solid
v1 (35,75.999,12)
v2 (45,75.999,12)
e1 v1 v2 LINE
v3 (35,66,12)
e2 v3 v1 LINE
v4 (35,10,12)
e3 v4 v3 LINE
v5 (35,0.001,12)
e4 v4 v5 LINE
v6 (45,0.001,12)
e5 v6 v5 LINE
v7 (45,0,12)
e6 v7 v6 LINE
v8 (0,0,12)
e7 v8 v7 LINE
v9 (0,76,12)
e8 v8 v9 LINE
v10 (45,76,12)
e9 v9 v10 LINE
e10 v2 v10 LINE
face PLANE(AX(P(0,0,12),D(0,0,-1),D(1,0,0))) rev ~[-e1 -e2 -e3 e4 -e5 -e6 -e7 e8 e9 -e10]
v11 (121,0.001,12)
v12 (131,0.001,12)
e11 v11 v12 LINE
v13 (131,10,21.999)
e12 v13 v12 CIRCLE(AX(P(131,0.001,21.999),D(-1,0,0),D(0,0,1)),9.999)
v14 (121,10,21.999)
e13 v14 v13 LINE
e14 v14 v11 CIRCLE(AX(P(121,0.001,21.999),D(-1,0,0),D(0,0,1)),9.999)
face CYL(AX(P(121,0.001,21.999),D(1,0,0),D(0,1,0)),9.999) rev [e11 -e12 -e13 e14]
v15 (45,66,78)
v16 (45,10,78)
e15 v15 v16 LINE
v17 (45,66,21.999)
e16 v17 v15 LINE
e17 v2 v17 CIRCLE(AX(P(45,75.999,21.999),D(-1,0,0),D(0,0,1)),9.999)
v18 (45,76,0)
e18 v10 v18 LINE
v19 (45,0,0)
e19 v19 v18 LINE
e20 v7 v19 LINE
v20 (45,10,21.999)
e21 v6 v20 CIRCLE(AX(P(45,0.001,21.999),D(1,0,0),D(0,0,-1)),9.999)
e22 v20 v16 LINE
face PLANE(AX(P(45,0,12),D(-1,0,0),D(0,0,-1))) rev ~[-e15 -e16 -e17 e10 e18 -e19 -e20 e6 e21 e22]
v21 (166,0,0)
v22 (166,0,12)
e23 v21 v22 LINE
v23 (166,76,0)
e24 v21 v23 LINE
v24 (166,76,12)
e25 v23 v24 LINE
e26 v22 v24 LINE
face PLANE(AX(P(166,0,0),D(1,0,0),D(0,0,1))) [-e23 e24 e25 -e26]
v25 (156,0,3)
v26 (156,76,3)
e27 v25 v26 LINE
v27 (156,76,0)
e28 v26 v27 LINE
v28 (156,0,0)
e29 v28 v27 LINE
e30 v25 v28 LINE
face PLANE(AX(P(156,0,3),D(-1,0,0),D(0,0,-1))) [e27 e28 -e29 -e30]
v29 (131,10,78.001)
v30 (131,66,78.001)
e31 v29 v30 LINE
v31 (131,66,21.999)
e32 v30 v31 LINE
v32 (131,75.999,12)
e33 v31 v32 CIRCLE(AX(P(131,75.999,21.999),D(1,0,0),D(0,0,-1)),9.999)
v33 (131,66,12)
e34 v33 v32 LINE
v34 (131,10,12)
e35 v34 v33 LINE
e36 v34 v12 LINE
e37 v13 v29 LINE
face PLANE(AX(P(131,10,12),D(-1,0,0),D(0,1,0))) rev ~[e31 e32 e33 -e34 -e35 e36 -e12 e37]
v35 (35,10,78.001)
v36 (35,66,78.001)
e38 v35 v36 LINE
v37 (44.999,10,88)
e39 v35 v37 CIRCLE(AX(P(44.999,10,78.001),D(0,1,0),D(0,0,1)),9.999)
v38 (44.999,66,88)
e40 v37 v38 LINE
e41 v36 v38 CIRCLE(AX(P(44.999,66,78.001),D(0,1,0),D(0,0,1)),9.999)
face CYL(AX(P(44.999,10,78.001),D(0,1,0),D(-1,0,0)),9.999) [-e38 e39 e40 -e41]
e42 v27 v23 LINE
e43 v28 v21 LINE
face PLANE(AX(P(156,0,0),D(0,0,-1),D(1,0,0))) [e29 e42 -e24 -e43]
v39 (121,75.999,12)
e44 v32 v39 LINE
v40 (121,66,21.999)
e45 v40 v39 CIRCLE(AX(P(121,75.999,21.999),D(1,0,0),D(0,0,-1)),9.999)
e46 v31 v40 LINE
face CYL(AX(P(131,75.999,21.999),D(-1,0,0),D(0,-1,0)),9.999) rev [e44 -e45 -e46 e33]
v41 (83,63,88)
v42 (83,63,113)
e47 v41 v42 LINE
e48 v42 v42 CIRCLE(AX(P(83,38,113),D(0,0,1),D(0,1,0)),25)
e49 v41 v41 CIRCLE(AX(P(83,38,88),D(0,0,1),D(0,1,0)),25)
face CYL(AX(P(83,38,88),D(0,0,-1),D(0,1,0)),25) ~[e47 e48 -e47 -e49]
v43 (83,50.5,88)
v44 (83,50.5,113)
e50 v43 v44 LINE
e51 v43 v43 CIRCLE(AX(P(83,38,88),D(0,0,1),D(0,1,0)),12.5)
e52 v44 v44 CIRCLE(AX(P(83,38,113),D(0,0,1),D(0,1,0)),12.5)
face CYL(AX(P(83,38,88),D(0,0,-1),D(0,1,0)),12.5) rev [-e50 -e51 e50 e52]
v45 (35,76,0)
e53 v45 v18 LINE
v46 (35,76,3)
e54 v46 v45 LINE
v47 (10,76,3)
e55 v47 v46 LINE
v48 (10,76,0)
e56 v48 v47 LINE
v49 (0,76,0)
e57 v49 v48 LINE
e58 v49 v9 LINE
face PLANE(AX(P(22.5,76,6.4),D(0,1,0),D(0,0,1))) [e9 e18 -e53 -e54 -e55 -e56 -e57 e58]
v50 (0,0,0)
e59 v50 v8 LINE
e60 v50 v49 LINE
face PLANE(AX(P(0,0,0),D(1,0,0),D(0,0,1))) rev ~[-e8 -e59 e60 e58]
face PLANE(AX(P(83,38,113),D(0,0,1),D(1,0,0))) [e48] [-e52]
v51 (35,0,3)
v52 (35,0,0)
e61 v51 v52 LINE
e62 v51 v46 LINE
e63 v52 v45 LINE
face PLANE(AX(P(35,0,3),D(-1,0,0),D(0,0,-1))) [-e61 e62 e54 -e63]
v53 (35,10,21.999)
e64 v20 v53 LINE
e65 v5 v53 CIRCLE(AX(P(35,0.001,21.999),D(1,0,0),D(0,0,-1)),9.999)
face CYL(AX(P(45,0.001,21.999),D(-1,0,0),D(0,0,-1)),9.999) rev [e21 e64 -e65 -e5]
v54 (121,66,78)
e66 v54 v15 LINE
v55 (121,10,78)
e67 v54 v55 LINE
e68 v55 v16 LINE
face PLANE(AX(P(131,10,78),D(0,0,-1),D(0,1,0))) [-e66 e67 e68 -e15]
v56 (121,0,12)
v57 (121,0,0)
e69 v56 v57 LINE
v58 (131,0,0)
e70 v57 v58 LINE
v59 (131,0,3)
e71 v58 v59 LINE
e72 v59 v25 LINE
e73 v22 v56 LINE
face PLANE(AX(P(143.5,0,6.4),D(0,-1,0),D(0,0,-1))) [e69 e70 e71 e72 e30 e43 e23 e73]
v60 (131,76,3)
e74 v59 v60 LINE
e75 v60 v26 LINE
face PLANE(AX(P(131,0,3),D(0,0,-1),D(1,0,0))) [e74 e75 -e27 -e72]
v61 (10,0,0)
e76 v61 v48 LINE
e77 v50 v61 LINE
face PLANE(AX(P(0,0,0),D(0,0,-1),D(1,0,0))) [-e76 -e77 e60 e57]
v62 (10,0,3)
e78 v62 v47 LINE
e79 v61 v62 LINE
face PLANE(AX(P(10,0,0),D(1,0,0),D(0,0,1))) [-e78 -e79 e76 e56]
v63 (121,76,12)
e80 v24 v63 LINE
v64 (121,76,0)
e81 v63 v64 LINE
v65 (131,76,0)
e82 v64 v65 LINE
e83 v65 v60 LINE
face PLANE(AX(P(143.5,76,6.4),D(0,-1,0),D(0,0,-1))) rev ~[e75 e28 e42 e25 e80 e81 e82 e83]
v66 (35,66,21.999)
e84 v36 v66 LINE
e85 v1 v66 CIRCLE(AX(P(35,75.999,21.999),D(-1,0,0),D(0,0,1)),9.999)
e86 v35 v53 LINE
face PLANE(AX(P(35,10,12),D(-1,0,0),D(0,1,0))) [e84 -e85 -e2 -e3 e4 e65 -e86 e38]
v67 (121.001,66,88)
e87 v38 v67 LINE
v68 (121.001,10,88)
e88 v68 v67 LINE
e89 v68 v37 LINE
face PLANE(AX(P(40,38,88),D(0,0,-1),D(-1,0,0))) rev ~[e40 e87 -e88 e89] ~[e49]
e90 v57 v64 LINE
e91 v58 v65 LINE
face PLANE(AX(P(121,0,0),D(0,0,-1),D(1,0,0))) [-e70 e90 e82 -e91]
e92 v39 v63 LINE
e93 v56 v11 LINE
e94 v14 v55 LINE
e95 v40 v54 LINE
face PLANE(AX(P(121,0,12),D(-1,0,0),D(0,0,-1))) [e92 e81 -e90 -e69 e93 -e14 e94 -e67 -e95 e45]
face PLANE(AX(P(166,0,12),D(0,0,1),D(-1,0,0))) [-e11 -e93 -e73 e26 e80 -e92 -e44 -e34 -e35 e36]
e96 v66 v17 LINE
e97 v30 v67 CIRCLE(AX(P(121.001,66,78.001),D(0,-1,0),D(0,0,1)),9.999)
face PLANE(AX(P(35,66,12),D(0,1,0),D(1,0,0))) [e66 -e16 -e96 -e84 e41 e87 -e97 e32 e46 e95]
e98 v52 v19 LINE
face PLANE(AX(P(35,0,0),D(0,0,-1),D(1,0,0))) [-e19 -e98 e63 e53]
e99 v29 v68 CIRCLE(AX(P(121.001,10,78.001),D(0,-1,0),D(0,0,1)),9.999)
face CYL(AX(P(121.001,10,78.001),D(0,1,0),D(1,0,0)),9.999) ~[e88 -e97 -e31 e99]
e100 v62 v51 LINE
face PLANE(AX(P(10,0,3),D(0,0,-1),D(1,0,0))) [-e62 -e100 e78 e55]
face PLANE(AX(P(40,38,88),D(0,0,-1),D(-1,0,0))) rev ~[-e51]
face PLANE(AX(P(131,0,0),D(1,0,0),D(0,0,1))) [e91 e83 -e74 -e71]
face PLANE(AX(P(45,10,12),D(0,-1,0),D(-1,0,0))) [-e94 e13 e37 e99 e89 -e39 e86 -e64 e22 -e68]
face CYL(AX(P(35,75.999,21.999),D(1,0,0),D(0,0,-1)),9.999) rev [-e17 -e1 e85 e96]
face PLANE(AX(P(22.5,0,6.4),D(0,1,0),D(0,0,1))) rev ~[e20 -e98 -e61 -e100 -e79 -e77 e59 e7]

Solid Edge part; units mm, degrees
sketch "Sketch1" plane through (0, 0, 0) normal (0, -1, 0) x (1, 0, 0)
  line L0 (0, 12) -> (45, 12)
  line L1 (45, 12) -> (45, 0)
  line L2 (35, 0) -> (45, 0)
  line L3 (35, 3) -> (35, 0)
  line L4 (10, 3) -> (35, 3)
  line L5 (10, 0) -> (10, 3)
  line L6 (0, 0) -> (10, 0)
  line L7 (0, 0) -> (0, 12)
  line L8 (166, 12) -> (121, 12)
  line L9 (121, 12) -> (121, 0)
  line L10 (121, 0) -> (131, 0)
  line L11 (131, 0) -> (131, 3)
  line L12 (131, 3) -> (156, 3)
  line L13 (156, 3) -> (156, 0)
  line L14 (156, 0) -> (166, 0)
  line L15 (166, 0) -> (166, 12)
extrude "Protrusion1" add sketch "Sketch1" against normal blind 76
sketch "Sketch2" plane through (143.5, 38, 12) normal (0, 0, 1) x (1, 0, 0)
  line L0 (-12.5, -28) -> (-12.5, 28)
  line L1 (-12.5, 28) -> (-22.5, 28)
  line L2 (-22.5, 28) -> (-22.5, -28)
  line L3 (-22.5, -28) -> (-12.5, -28)
  line L4 (-108.5, -28) -> (-108.5, 28)
  line L5 (-108.5, 28) -> (-98.5, 28)
  line L6 (-98.5, 28) -> (-98.5, -28)
  line L7 (-98.5, -28) -> (-108.5, -28)
extrude "ExtrudedProtrusion_2" add sketch "Sketch2" along normal blind 76
sketch "Sketch3" plane through (131, 38, 50) normal (1, 0, 0) x (0, 1, 0)
  line L0 (28, 38) -> (-28, 38)
  line L1 (-28, 38) -> (-28, 28)
  line L2 (-28, 28) -> (28, 28)
  line L3 (28, 28) -> (28, 38)
extrude "ExtrudedProtrusion_3" add sketch "Sketch3" against normal blind 96
sketch "Sketch4" plane through (83, 38, 88) normal (0, 0, 1) x (0, 1, 0)
  circle A0 centre (0, 0) radius 12.5
  circle A1 centre (0, 0) radius 25
extrude "ExtrudedProtrusion_4" add sketch "Sketch4" along normal blind 25
fillet "Round_1" radius 10 6 edges at (131, 38, 88) (126, 66, 12) (40, 66, 12) (35, 38, 88) (40, 10, 12) (126, 10, 12)
